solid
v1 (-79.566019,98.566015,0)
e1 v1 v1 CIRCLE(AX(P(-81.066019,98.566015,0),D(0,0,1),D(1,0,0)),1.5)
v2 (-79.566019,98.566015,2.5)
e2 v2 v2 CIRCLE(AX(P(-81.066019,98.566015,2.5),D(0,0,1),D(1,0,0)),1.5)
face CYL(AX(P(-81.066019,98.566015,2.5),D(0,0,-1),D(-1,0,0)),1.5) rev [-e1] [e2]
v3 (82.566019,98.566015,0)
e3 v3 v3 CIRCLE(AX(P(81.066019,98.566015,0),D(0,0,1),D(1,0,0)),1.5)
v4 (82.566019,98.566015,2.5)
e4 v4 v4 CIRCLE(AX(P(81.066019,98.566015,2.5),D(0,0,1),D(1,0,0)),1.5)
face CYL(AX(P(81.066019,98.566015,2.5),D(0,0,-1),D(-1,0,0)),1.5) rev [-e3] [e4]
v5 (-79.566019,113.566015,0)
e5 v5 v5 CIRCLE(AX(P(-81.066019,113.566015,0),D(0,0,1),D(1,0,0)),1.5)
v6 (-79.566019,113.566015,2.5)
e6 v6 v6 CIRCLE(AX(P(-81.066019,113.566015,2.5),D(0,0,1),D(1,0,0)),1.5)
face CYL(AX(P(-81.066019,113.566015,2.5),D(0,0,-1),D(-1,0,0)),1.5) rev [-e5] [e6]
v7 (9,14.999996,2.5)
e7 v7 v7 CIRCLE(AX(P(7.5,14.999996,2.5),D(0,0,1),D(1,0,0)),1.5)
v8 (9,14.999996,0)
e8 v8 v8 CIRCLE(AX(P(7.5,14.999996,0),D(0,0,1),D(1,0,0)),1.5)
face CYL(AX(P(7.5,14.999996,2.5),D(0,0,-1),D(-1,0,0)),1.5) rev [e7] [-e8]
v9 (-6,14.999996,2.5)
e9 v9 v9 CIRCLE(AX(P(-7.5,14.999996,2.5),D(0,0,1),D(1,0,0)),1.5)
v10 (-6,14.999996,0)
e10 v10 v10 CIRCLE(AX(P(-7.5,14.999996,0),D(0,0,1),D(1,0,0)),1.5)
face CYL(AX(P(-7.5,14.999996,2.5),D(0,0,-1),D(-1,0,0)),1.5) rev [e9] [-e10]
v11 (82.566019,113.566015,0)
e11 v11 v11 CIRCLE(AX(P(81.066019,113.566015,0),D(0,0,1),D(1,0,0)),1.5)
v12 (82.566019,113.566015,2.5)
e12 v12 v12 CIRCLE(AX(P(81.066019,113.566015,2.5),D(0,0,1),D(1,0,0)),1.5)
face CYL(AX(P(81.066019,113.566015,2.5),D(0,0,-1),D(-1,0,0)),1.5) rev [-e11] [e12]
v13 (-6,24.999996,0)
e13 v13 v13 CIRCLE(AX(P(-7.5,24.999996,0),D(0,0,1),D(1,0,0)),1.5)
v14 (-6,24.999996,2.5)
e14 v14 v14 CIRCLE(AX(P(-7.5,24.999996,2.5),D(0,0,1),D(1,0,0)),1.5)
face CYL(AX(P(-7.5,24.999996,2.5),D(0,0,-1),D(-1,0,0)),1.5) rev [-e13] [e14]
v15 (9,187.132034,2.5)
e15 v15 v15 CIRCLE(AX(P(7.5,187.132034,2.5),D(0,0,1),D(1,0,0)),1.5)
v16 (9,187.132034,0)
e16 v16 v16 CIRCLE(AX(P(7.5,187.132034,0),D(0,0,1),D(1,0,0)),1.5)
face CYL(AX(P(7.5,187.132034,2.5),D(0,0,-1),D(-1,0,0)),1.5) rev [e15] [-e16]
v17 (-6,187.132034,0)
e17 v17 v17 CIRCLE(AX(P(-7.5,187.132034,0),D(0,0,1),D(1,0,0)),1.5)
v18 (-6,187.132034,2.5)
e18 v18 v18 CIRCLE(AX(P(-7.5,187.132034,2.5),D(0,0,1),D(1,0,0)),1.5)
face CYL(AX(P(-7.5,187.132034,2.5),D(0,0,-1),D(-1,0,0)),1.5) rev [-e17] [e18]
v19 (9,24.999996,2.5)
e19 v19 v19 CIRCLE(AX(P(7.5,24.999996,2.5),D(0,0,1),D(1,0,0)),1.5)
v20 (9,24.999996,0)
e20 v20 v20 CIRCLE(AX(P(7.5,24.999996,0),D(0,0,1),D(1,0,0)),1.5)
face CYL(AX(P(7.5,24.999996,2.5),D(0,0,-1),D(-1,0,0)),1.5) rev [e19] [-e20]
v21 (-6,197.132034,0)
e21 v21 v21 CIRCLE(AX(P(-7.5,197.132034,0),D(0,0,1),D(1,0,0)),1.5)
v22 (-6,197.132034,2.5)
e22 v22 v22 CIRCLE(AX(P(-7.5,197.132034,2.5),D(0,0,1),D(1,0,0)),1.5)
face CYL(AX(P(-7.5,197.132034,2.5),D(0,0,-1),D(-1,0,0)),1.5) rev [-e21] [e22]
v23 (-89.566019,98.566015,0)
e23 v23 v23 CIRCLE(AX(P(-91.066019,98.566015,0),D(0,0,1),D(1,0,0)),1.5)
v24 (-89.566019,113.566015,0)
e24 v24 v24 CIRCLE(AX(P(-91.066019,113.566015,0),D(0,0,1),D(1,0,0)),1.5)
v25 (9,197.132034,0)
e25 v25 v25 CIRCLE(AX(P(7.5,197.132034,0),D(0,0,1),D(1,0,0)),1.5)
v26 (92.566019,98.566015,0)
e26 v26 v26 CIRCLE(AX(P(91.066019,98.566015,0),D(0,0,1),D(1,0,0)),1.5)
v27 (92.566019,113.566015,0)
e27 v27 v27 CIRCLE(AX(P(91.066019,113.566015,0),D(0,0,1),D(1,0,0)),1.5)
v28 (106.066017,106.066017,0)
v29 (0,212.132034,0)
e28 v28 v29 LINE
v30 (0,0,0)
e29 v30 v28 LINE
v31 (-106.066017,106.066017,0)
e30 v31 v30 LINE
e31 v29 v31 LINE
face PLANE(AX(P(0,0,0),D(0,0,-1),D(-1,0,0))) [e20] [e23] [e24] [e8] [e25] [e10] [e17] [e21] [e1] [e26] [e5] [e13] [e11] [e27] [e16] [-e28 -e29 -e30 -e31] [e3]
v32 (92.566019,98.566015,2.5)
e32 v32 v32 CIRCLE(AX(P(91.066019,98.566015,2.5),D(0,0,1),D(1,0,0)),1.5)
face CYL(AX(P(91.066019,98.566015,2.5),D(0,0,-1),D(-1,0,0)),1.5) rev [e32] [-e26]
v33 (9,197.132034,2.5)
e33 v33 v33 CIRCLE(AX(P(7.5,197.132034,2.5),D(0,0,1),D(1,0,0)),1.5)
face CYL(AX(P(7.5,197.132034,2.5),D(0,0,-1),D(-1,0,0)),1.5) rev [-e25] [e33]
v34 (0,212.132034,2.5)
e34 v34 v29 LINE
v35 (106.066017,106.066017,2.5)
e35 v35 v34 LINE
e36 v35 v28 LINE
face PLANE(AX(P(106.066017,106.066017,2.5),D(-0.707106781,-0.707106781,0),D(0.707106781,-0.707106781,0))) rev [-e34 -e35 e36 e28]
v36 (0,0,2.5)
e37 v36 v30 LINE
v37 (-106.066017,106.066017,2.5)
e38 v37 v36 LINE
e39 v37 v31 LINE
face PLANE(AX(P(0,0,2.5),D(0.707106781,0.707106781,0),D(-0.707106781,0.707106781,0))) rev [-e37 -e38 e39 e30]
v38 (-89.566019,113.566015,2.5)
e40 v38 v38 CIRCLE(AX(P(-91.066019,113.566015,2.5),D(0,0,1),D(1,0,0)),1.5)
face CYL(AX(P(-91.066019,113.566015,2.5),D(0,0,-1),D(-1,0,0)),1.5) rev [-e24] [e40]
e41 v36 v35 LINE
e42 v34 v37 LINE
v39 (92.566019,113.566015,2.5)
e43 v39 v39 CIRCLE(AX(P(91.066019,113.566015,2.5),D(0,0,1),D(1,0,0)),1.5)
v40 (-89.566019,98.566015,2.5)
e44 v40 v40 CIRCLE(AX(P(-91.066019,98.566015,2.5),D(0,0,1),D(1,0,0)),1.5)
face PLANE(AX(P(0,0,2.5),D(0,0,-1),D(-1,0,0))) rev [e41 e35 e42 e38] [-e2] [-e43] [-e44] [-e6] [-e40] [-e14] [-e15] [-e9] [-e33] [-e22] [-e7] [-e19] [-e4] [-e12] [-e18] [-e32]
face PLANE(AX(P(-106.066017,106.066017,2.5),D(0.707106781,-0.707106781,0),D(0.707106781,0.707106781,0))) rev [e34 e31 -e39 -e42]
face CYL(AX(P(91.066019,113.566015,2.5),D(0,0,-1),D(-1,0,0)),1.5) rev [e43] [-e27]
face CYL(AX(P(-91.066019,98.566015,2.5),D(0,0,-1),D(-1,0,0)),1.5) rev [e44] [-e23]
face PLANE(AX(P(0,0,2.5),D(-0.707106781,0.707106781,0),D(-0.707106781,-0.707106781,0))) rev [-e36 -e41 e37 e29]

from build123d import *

# Parameters (mm, degrees)
SKETCH2_R           = 1.5
BOSS_EXTRUDE1_DEPTH = 2.5


with BuildPart() as part:
    # Sketch2 → Boss-Extrude1 (new body)
    with BuildSketch(Plane.XY):
        Polygon((0, 0), (106.066017178, 106.066017178), (0, 212.132034356), (-106.066017178, 106.066017178), align=None)
        with Locations((-7.5, 197.132034356)):
            Circle(SKETCH2_R, mode=Mode.SUBTRACT)
        with Locations((7.5, 197.132034356)):
            Circle(SKETCH2_R, mode=Mode.SUBTRACT)
        with Locations((-7.5, 187.132034356)):
            Circle(SKETCH2_R, mode=Mode.SUBTRACT)
        with Locations((7.5, 187.132034356)):
            Circle(SKETCH2_R, mode=Mode.SUBTRACT)
        with Locations((81.066019356, 113.566015)):
            Circle(SKETCH2_R, mode=Mode.SUBTRACT)
        with Locations((81.066019356, 98.566015)):
            Circle(SKETCH2_R, mode=Mode.SUBTRACT)
        with Locations((91.066019356, 98.566015)):
            Circle(SKETCH2_R, mode=Mode.SUBTRACT)
        with Locations((91.066019356, 113.566015)):
            Circle(SKETCH2_R, mode=Mode.SUBTRACT)
        with Locations((7.5, 24.999995644)):
            Circle(SKETCH2_R, mode=Mode.SUBTRACT)
        with Locations((-7.5, 24.999995644)):
            Circle(SKETCH2_R, mode=Mode.SUBTRACT)
        with Locations((-7.5, 14.999995644)):
            Circle(SKETCH2_R, mode=Mode.SUBTRACT)
        with Locations((7.5, 14.999995644)):
            Circle(SKETCH2_R, mode=Mode.SUBTRACT)
        with Locations((-81.066019356, 98.566015)):
            Circle(SKETCH2_R, mode=Mode.SUBTRACT)
        with Locations((-81.066019356, 113.566015)):
            Circle(SKETCH2_R, mode=Mode.SUBTRACT)
        with Locations((-91.066019356, 113.566015)):
            Circle(SKETCH2_R, mode=Mode.SUBTRACT)
        with Locations((-91.066019356, 98.566015)):
            Circle(SKETCH2_R, mode=Mode.SUBTRACT)
    extrude(amount=BOSS_EXTRUDE1_DEPTH)


solid = part.part
